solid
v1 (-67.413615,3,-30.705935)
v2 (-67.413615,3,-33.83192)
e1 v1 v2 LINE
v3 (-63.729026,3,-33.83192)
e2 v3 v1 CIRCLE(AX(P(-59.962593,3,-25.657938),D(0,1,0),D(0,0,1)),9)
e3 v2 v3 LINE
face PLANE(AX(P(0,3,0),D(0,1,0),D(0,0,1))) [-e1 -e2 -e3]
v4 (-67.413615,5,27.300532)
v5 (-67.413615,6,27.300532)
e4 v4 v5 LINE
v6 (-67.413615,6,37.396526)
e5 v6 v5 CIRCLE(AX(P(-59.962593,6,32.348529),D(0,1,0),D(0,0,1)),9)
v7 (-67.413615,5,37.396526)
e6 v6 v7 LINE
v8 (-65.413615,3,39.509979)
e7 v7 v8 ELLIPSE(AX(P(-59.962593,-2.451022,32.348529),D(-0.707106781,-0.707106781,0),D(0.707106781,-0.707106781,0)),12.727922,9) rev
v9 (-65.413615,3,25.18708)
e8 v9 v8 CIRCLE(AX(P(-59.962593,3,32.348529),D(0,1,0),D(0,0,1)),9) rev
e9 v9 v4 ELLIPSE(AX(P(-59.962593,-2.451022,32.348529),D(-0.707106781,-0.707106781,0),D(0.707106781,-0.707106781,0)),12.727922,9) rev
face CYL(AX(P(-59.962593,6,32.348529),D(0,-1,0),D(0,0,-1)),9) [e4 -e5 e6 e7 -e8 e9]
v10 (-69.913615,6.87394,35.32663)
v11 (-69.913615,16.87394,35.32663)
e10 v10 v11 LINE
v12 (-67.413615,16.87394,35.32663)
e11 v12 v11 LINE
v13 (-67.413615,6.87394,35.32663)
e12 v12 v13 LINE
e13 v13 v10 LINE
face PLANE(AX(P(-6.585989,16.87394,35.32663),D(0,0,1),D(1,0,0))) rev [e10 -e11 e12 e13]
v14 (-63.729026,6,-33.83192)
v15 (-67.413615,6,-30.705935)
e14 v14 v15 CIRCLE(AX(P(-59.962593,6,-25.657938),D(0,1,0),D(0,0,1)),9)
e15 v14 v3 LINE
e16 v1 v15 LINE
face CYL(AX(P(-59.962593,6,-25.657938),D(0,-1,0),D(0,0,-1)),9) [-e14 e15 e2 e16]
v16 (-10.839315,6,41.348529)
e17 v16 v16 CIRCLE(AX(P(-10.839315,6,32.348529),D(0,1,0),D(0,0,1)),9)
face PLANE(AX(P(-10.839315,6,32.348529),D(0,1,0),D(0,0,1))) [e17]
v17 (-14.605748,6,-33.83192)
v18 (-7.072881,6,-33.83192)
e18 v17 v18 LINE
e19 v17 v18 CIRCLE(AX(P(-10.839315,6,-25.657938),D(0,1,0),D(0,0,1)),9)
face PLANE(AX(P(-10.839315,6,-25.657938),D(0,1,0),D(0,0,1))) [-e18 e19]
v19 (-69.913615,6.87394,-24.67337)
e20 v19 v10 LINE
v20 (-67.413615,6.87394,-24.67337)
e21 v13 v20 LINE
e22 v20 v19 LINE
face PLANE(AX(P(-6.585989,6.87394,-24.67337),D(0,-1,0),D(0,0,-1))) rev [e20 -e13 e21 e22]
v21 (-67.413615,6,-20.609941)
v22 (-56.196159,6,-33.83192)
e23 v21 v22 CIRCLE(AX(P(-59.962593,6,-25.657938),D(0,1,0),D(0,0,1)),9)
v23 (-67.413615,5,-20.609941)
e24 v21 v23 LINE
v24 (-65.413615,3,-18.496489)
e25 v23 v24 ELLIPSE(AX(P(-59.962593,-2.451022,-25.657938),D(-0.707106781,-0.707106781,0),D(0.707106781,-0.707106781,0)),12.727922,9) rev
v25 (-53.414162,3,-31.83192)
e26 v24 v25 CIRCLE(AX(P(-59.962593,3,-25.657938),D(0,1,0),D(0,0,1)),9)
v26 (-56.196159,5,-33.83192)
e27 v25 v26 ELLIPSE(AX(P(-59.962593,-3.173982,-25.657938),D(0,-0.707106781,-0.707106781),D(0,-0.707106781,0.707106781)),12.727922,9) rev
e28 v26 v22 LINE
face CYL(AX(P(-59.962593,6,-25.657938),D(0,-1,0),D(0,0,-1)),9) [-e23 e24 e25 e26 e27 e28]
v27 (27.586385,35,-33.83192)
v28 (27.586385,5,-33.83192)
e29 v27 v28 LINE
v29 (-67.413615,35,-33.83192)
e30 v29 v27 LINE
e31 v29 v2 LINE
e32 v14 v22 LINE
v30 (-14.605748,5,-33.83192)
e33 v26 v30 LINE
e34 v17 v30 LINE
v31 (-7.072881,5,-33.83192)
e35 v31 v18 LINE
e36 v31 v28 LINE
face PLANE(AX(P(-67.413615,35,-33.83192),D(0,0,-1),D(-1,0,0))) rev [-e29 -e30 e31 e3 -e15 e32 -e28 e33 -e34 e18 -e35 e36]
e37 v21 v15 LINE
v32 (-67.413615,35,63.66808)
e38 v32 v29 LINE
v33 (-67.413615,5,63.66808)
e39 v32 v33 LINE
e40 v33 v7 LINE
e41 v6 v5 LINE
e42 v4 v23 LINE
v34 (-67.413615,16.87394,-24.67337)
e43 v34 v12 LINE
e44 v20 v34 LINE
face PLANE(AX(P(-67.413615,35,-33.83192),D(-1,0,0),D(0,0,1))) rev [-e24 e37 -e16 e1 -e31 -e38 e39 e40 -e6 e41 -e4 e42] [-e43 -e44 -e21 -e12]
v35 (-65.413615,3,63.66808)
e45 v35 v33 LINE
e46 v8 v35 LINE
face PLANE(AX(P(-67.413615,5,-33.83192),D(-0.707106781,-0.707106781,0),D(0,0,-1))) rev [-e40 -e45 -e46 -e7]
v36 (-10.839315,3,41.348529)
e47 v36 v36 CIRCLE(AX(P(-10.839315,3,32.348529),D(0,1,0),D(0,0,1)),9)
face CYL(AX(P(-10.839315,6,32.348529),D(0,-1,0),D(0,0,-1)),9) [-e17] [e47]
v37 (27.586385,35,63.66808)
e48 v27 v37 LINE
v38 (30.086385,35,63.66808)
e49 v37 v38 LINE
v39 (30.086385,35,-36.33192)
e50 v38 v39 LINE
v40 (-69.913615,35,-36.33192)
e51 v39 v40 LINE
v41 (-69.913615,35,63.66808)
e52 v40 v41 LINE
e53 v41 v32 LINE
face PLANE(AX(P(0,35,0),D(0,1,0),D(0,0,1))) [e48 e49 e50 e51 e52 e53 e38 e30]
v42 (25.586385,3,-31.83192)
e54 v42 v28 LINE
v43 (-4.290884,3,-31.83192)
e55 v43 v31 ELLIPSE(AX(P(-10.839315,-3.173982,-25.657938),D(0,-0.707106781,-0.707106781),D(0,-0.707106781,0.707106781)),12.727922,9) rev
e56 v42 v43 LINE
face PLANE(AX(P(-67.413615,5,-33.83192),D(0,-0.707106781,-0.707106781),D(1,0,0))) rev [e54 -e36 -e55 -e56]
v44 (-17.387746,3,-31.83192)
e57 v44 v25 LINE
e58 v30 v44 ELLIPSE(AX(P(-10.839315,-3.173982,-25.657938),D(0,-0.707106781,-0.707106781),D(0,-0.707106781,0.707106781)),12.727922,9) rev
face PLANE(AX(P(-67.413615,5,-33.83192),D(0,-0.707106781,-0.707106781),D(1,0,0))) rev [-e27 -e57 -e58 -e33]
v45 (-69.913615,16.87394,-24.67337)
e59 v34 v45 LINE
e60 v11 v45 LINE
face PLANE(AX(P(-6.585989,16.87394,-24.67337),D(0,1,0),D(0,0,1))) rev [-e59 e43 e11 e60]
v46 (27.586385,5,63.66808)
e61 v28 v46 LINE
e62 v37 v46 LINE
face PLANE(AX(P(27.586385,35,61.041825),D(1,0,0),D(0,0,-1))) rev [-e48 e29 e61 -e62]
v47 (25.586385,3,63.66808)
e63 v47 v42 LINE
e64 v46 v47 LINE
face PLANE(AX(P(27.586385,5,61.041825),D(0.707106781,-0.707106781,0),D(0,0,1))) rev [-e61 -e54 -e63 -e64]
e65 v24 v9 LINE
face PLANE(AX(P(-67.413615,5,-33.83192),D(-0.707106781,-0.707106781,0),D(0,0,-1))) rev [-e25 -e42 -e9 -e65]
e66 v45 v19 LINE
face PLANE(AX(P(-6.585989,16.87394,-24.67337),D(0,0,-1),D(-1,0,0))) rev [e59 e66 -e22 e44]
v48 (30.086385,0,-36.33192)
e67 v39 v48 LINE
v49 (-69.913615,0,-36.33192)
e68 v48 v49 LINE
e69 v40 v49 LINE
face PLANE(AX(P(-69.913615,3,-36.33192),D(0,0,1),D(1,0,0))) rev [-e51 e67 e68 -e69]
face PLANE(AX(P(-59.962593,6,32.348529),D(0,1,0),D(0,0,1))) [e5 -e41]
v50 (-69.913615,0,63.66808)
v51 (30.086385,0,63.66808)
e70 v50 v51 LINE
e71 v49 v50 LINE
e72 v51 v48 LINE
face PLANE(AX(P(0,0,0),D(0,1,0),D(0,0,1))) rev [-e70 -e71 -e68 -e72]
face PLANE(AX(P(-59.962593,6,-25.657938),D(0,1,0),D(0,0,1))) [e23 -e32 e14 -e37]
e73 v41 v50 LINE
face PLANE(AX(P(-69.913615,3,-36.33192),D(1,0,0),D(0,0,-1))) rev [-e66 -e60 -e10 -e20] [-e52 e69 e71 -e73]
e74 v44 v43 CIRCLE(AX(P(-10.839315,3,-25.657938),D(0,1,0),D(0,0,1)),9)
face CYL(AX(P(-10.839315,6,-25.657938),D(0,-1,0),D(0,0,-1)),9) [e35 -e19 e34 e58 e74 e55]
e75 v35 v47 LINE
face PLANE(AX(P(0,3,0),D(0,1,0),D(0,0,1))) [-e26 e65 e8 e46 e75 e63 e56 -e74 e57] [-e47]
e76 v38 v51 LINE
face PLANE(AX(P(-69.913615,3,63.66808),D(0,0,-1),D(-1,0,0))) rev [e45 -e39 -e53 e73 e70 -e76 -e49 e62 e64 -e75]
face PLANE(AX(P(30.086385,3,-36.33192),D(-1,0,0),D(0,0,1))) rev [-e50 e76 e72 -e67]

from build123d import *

# Parameters (mm, degrees)
SKETCH_1_W          = 100
SKETCH_1_H          = 100
EXTRUDE_1_DEPTH     = 3
EXTRUDE_2_DEPTH     = 32
SKETCH_3_R          = 9
EXTRUDE_3_DEPTH     = 3
SKETCH_4_W          = 60
SKETCH_4_H          = 10
CUT_EXTRUDE_1_DEPTH = 2.5
CHAMFER_1_SIZE      = 2


with BuildPart() as part:
    # Эскиз1 → Бобышка-Вытянуть1 (new body)
    with BuildSketch(Plane(origin=(0, 0, 0), x_dir=(1, 0, 0), z_dir=(0, 1, 0))):
        with Locations((-19.913614773, -13.668080108)):
            Rectangle(SKETCH_1_W, SKETCH_1_H)
    extrude(amount=EXTRUDE_1_DEPTH)

    # Эскиз2 → Бобышка-Вытянуть2 (add)
    with BuildSketch(Plane(origin=(0, 3, 0), x_dir=(1, 0, 0), z_dir=(0, 1, 0))):
        Polygon((27.586385227, -61.041825342), (27.586385227, -63.668080108), (30.086385227, -63.668080108), (30.086385227, 36.331919892), (-69.913614773, 36.331919892), (-69.913614773, -63.668080108), (-67.413614773, -63.668080108), (-67.413614773, -61.041825342), (-67.413614773, 33.831919892), (27.586385227, 33.831919892), align=None)
    extrude(amount=EXTRUDE_2_DEPTH)

    # Эскиз3 → Бобышка-Вытянуть3 (add)
    with BuildSketch(Plane(origin=(0, 3, 0), x_dir=(1, 0, 0), z_dir=(0, 1, 0))):
        with Locations((-10.839314865, 25.657938065)):
            Circle(SKETCH_3_R)
        with Locations((-59.962592759, 25.657938065)):
            Circle(SKETCH_3_R)
        with Locations((-59.962592759, -32.348529185)):
            Circle(SKETCH_3_R)
        with Locations(Location((-10.839314865, -32.348529185, 0), (0, 0, 270))):
            Circle(SKETCH_3_R)
    extrude(amount=EXTRUDE_3_DEPTH)

    # Эскиз4 → Вырез-Вытянуть1 (cut)
    with BuildSketch(Plane.ZY.offset(69.913614773)):
        with Locations((5.326629647, 11.873940314)):
            Rectangle(SKETCH_4_W, SKETCH_4_H)
    extrude(amount=-CUT_EXTRUDE_1_DEPTH, mode=Mode.SUBTRACT)

    # Фаска1
    chamfer_1_edges = [part.edges().sort_by_distance(p)[0] for p in [
        (-67.413614773, 3, 50.53230301),
        (27.586385227, 3, 14.918080108),
        (10.256751916, 3, -33.831919892),
        (-35.400953812, 3, -33.831919892),
        (-67.413614773, 3, 3.34529556),
    ]]
    chamfer(chamfer_1_edges, length=CHAMFER_1_SIZE)


solid = part.part
